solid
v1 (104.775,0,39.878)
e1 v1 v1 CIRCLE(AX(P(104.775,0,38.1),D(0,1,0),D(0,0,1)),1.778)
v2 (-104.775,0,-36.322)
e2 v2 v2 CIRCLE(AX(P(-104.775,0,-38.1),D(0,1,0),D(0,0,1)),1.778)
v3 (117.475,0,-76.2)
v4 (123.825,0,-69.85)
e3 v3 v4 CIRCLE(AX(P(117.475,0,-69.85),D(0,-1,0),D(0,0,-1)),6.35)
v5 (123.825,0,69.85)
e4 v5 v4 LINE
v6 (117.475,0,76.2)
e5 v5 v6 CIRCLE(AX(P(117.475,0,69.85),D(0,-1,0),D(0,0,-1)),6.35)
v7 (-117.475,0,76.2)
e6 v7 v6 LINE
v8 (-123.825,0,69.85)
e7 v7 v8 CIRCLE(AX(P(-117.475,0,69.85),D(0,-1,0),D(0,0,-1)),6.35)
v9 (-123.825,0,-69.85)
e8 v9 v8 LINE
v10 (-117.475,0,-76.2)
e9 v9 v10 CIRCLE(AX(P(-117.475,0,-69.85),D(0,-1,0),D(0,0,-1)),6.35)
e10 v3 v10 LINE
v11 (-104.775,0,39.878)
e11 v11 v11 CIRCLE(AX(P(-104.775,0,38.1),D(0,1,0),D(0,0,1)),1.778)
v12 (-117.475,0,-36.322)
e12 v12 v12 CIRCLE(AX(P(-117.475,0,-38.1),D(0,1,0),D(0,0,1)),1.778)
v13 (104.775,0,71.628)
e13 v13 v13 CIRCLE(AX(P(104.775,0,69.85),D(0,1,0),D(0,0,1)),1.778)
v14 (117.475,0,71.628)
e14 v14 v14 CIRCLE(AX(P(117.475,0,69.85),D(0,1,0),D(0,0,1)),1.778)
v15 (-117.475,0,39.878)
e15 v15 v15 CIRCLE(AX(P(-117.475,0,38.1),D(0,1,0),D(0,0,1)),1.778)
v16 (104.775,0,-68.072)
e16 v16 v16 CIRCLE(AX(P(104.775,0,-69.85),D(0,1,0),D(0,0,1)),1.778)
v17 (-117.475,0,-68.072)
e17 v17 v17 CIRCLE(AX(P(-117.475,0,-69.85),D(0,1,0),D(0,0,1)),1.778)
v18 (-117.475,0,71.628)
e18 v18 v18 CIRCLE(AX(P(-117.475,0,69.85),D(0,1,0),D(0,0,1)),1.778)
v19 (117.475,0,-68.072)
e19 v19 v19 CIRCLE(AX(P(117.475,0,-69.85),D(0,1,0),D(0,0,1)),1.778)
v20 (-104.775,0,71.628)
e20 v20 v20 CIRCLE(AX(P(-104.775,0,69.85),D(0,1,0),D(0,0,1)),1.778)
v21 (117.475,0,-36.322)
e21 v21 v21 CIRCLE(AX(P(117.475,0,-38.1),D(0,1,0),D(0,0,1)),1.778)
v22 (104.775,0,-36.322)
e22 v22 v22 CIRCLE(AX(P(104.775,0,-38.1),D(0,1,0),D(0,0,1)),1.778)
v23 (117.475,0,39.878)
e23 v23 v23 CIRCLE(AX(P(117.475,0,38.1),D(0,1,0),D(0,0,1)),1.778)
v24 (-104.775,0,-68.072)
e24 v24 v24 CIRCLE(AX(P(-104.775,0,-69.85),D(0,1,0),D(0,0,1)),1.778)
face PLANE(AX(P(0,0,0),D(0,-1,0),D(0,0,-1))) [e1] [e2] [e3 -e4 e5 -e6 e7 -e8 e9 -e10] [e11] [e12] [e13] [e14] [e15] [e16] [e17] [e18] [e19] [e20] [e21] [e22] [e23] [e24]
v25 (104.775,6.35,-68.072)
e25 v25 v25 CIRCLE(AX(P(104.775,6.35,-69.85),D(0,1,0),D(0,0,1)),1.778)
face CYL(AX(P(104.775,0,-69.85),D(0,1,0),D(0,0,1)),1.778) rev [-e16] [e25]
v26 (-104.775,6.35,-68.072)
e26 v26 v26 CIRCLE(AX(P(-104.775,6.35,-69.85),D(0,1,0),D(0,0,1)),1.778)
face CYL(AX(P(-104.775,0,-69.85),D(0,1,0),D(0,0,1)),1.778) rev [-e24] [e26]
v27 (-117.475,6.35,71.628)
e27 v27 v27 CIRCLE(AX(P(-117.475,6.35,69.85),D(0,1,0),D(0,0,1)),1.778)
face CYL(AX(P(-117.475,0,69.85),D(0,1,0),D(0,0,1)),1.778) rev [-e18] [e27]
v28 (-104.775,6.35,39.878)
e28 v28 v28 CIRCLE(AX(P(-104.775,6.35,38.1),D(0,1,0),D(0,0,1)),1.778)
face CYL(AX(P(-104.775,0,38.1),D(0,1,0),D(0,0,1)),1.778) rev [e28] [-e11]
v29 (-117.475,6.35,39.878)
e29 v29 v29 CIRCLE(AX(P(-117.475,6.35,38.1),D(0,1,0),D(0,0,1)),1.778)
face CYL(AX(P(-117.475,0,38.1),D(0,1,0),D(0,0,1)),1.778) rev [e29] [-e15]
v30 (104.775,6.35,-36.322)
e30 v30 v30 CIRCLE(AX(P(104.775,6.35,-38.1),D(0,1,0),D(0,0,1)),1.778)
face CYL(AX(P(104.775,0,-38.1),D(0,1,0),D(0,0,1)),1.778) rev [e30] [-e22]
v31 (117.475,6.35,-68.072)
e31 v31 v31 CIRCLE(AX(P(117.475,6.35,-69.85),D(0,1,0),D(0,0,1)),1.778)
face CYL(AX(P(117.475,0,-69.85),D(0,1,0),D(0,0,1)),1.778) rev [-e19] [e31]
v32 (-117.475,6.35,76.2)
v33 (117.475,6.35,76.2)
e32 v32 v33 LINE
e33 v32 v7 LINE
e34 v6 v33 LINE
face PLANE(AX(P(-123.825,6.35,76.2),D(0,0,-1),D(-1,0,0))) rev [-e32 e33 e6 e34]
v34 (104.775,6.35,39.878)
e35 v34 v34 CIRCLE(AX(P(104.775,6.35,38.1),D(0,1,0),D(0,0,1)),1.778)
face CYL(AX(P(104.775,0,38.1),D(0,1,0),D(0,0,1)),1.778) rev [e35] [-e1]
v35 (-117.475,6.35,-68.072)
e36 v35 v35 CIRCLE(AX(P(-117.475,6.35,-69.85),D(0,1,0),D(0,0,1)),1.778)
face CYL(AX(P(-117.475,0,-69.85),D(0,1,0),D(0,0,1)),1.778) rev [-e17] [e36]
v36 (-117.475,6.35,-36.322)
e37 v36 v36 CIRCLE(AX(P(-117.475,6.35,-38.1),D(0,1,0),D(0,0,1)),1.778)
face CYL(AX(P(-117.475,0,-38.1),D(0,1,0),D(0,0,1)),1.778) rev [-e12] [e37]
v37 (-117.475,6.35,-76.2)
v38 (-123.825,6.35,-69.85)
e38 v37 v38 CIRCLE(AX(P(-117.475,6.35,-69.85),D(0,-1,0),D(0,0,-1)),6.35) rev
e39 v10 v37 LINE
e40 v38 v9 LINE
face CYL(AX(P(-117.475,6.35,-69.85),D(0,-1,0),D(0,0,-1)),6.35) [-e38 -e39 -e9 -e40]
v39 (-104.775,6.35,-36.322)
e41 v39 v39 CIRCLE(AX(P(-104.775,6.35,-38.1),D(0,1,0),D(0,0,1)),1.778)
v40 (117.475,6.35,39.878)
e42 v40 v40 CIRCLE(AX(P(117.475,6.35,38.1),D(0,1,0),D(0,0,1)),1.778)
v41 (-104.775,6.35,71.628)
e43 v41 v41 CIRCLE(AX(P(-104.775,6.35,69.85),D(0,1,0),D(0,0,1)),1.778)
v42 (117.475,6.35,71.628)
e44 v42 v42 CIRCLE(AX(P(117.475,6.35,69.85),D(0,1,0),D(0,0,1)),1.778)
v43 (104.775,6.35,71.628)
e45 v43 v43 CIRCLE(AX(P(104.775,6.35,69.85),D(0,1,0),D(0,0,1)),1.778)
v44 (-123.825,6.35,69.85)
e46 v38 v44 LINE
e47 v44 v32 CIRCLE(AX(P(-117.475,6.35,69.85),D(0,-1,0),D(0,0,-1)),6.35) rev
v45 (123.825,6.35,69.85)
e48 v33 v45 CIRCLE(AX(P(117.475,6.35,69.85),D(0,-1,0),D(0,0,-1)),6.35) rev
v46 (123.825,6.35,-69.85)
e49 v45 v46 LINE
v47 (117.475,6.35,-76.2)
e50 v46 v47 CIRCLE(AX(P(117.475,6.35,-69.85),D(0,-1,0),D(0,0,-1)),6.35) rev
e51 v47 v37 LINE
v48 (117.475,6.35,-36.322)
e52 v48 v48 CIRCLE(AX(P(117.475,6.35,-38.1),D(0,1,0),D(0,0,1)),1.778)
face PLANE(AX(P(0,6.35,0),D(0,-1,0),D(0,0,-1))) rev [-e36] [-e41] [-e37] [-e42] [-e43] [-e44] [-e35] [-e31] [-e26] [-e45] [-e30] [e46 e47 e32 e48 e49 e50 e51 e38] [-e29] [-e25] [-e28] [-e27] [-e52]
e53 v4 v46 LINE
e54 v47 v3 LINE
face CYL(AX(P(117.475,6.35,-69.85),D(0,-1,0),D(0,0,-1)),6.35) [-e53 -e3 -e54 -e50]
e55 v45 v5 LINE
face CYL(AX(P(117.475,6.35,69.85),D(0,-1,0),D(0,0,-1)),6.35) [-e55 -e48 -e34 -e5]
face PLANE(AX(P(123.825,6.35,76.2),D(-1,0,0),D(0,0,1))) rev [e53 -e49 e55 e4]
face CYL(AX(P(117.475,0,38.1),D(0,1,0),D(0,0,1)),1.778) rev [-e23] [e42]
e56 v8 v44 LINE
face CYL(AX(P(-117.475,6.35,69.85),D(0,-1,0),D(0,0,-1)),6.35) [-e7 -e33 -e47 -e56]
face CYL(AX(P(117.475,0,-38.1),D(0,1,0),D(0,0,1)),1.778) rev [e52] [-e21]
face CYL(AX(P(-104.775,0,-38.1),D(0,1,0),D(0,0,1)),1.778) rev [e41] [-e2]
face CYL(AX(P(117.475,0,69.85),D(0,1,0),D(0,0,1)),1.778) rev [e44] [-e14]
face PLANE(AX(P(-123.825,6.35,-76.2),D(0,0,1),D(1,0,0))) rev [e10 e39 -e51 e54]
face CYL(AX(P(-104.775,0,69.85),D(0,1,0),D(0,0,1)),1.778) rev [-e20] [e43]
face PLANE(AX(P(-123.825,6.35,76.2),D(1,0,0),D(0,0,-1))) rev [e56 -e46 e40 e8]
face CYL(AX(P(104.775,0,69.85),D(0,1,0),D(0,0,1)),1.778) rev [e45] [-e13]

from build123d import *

# Parameters (mm, degrees)
SKETCH1_W            = 247.65
SKETCH1_H            = 152.4
BOSS_EXTRUDE1_DEPTH  = 6.35
FILLET1_R            = 6.35
SKETCH2_R            = 1.778
CUT_EXTRUDE1_DEPTH   = 146.531416282
LPATTERN1_COUNT      = 2
LPATTERN1_PITCH      = 222.25
LPATTERN1_COUNT_DIR2 = 2
LPATTERN1_PITCH_DIR2 = 107.95


with BuildPart() as part:
    # Sketch1 → Boss-Extrude1 (new body)
    with BuildSketch(Plane(origin=(0, 0, 0), x_dir=(1, 0, 0), z_dir=(0, 1, 0))):
        Rectangle(SKETCH1_W, SKETCH1_H)
    extrude(amount=BOSS_EXTRUDE1_DEPTH)

    # Fillet1
    fillet1_edges = [part.edges().sort_by_distance(p)[0] for p in [
        (123.825, 3.175, 76.2),
        (-123.825, 3.175, 76.2),
        (-123.825, 3.175, -76.2),
        (123.825, 3.175, -76.2),
    ]]
    fillet(fillet1_edges, radius=FILLET1_R)

    # Sketch2 → Cut-Extrude1 (cut, through all)
    with BuildSketch(Plane(origin=(0, 6.35, 0), x_dir=(1, 0, 0), z_dir=(0, 1, 0))):
        with Locations(Location((117.475, -69.85, 0), (0, 0, 270))):
            Circle(SKETCH2_R)
        with Locations(Location((104.775, -69.85, 0), (0, 0, 270))):
            Circle(SKETCH2_R)
        with Locations(Location((117.475, -38.1, 0), (0, 0, 270))):
            Circle(SKETCH2_R)
        with Locations(Location((104.775, -38.1, 0), (0, 0, 270))):
            Circle(SKETCH2_R)
    cut_extrude1 = extrude(amount=-CUT_EXTRUDE1_DEPTH, mode=Mode.SUBTRACT)

    # LPattern1: Cut-Extrude1 2 × 2
    with Locations(*[(-i * LPATTERN1_PITCH, 0, -j * LPATTERN1_PITCH_DIR2) for i in range(LPATTERN1_COUNT) for j in range(LPATTERN1_COUNT_DIR2) if (i, j) != (0, 0)]):
        add(cut_extrude1, mode=Mode.SUBTRACT)


solid = part.part
